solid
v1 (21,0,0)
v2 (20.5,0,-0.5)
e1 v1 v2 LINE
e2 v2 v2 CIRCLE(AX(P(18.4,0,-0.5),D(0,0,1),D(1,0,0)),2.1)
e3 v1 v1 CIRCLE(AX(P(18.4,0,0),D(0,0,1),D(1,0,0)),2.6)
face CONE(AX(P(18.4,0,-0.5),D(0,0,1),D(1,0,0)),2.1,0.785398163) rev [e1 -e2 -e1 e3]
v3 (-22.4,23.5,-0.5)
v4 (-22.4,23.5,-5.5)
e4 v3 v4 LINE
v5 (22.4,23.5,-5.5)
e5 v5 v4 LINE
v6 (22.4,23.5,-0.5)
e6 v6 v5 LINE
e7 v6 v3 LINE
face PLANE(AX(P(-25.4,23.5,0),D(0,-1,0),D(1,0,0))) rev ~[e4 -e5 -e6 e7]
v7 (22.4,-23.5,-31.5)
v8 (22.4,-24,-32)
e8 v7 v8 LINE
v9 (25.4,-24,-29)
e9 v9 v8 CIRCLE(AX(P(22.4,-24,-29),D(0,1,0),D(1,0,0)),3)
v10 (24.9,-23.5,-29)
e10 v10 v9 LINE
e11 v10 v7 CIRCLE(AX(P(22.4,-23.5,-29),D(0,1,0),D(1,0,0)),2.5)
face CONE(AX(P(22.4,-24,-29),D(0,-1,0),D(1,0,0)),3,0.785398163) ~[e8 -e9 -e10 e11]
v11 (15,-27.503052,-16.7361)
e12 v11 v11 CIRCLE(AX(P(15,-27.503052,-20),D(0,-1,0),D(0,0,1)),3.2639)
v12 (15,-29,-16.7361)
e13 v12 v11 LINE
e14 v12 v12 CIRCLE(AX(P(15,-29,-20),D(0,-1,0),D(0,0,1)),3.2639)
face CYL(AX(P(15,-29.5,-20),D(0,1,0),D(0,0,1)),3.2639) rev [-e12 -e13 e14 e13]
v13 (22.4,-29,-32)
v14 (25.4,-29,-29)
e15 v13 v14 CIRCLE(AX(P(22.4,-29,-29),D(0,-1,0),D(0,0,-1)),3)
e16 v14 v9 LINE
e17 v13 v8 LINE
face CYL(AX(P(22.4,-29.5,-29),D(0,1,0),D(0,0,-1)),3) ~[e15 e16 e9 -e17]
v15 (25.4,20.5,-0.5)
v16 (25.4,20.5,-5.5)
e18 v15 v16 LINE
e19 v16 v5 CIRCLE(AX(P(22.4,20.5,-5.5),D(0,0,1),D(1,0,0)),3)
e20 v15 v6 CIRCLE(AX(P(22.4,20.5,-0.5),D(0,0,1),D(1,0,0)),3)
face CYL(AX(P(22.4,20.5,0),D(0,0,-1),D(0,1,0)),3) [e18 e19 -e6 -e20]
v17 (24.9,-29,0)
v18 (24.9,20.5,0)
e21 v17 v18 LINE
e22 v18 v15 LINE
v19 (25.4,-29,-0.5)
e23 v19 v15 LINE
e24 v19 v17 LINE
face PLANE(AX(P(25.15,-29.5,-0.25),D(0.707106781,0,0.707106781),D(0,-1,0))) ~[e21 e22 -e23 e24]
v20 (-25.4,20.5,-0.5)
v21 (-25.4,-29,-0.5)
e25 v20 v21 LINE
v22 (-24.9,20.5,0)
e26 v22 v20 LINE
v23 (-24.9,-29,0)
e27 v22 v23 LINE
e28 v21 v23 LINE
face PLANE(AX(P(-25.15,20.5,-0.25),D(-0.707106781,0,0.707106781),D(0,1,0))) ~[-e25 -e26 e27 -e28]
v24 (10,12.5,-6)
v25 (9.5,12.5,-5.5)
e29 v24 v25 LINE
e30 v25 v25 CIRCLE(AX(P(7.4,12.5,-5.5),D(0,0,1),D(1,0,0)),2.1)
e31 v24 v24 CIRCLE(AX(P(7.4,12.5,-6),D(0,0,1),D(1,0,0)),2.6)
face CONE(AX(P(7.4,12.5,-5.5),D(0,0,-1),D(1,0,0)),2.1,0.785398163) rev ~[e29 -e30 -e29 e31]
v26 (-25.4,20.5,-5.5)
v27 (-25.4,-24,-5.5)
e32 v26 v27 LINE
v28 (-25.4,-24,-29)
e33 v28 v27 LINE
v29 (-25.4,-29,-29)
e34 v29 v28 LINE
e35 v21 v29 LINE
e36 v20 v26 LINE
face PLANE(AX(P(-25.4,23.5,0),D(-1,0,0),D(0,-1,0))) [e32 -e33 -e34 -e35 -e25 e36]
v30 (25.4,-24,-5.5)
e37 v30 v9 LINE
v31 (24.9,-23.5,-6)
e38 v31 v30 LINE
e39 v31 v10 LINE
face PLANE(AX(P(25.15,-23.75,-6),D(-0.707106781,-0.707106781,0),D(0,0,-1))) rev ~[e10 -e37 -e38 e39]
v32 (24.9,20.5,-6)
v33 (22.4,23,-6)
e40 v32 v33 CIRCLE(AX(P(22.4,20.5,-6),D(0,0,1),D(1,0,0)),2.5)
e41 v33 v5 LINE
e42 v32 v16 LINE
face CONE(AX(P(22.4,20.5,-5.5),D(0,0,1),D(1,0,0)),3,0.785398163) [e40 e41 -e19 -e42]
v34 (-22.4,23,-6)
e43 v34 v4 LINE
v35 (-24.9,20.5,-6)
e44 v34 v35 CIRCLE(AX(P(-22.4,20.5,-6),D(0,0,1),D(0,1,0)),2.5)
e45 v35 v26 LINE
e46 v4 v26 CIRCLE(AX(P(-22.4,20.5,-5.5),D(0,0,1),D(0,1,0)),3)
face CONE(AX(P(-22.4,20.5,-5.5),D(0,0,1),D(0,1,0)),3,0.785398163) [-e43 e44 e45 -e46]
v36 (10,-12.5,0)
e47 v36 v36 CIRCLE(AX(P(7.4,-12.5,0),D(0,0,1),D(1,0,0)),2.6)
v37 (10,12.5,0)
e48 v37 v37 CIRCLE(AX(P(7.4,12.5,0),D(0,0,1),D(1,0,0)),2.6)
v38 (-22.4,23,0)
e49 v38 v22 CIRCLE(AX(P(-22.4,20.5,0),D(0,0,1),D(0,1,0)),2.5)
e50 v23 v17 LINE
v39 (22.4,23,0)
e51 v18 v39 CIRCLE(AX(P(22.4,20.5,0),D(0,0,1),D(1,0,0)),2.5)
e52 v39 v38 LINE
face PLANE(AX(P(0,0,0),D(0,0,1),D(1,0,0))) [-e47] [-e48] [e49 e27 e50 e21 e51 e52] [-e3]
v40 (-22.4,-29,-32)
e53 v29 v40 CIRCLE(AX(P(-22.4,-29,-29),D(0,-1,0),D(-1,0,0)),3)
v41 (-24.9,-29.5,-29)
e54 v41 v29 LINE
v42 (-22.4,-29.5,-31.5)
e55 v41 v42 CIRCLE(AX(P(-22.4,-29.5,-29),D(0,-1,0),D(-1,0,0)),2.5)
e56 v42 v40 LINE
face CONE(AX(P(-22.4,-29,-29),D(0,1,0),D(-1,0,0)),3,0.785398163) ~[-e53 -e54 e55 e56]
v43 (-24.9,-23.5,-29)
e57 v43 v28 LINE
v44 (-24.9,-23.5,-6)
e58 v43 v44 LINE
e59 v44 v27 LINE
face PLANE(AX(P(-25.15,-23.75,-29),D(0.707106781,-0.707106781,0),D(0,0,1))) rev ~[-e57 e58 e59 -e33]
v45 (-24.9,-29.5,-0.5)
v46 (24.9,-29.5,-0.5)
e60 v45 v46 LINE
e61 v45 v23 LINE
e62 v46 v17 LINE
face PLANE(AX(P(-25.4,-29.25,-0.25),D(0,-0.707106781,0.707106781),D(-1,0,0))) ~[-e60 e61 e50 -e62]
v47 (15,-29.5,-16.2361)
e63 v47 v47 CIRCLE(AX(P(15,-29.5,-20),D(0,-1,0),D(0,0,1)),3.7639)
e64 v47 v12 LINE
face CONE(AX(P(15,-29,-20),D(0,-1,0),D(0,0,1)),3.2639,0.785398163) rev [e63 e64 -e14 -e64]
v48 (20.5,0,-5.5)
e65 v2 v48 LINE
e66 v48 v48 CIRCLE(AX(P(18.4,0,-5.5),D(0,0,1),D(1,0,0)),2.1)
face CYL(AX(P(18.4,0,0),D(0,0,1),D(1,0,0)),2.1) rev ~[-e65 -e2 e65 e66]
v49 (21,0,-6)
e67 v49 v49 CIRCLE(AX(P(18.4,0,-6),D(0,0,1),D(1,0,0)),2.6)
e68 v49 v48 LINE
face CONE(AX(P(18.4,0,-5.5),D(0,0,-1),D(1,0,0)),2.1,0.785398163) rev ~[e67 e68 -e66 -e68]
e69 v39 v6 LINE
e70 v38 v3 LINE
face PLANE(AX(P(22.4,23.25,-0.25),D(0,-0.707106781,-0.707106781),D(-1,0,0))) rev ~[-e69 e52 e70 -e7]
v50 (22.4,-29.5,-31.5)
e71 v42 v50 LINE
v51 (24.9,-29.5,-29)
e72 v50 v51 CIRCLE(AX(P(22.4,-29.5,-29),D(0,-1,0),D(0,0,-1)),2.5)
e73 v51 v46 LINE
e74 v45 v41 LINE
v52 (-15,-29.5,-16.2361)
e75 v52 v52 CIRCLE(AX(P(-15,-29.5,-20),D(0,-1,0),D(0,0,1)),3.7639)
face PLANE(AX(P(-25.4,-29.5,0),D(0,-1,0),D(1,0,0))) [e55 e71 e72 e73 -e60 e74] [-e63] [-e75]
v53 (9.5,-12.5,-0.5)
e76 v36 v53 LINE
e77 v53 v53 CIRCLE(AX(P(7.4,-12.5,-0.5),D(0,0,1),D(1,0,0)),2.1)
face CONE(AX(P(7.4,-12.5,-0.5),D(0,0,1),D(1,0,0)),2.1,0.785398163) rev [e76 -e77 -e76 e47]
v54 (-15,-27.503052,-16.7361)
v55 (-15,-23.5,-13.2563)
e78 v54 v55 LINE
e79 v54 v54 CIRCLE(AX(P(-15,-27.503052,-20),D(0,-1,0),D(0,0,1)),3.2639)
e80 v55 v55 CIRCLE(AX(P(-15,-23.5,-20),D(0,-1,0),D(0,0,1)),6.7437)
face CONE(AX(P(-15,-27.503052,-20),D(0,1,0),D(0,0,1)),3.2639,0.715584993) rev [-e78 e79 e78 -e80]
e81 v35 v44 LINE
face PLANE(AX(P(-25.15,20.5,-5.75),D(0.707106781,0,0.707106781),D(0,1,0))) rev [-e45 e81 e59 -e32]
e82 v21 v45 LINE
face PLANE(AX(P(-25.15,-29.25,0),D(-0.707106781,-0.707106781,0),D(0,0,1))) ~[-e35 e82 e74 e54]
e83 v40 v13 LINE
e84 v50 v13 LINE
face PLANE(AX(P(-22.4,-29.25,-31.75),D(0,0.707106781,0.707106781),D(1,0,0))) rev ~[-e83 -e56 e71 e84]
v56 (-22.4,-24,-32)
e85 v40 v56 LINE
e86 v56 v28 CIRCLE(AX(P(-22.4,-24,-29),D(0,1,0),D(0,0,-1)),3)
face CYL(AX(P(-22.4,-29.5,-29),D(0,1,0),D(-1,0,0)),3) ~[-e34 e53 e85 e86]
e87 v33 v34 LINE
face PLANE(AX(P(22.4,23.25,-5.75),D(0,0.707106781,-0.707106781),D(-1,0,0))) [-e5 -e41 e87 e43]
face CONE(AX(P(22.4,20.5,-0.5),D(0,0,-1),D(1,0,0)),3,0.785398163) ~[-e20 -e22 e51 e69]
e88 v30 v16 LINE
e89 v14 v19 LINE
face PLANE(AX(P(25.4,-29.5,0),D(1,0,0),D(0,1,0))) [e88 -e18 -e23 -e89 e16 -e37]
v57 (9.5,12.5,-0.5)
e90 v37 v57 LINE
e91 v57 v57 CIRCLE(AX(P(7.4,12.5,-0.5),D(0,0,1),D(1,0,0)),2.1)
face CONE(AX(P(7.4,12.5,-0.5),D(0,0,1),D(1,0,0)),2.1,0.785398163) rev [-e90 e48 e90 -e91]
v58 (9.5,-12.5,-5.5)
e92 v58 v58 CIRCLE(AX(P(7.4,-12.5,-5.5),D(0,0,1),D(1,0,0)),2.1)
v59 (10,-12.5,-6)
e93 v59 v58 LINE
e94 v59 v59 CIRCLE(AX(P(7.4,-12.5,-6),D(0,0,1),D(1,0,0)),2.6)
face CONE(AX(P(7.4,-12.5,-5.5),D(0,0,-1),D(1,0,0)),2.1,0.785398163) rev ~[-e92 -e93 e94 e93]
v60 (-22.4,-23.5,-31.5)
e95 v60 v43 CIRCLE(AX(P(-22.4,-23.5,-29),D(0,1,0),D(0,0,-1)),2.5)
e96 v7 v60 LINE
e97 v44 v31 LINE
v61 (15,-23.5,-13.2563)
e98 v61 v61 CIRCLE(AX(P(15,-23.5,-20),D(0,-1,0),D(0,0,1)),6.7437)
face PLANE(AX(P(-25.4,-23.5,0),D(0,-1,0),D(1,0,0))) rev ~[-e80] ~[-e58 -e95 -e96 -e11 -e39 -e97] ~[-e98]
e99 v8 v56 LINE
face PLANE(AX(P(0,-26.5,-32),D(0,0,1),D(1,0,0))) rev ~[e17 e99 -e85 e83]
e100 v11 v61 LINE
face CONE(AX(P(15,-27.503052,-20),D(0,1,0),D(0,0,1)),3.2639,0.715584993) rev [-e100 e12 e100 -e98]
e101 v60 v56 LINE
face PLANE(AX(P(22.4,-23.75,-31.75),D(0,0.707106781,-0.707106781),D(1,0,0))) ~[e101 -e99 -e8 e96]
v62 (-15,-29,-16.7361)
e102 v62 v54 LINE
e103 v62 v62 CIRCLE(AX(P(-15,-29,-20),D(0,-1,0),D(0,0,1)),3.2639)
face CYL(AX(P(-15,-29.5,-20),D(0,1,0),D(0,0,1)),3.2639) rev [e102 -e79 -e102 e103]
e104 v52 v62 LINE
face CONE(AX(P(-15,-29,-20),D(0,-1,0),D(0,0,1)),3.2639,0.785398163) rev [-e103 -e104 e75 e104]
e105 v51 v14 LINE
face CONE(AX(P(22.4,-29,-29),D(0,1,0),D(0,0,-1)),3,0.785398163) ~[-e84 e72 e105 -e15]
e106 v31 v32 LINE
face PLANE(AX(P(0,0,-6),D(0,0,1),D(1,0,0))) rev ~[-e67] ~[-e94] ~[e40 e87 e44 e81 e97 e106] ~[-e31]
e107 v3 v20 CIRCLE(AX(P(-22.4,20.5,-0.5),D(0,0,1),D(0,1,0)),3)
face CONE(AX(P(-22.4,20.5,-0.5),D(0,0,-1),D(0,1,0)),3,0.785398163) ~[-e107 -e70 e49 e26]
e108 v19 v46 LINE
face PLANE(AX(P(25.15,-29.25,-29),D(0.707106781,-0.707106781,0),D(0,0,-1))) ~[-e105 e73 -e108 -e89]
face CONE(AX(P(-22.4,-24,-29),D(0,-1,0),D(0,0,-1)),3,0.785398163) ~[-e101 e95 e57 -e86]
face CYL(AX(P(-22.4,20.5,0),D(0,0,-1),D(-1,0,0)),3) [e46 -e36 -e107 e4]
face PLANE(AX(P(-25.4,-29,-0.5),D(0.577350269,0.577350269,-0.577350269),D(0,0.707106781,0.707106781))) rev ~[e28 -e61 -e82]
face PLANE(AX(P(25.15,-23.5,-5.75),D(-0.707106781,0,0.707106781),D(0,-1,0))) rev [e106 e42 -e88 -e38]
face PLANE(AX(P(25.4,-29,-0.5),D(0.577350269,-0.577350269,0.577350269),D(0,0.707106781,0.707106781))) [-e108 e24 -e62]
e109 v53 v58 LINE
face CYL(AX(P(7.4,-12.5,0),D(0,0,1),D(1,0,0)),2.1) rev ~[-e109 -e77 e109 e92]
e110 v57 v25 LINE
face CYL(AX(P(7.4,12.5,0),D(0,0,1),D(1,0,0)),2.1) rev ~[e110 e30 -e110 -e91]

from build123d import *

# Parameters (mm, degrees)
SKETCH1_W                                    = 50.8
SKETCH1_H                                    = 53
SKETCH1_R                                    = 2.1
BOSS_EXTRUDE1_DEPTH                          = 6
SKETCH1_5_W                                  = 50.8
SKETCH1_5_H                                  = 6
BOSS_EXTRUDE2_DEPTH                          = 32
CSK_FOR_1_4_FLAT_HEAD_SOCKET_CAP_SCR_2_COUNT = 2
CSK_FOR_1_4_FLAT_HEAD_SOCKET_CAP_SCR_2_PITCH = 30
FILLET1_R                                    = 3
CHAMFER1_SIZE                                = 0.5


with BuildPart() as part:
    # Sketch1 → Boss-Extrude1 (new body)
    with BuildSketch(Plane.XY):
        with Locations((0, -3)):
            Rectangle(SKETCH1_W, SKETCH1_H)
        with Locations((7.4, -12.5)):
            Circle(SKETCH1_R, mode=Mode.SUBTRACT)
        with Locations((18.4, 0)):
            Circle(SKETCH1_R, mode=Mode.SUBTRACT)
        with Locations((7.4, 12.5)):
            Circle(SKETCH1_R, mode=Mode.SUBTRACT)
    extrude(amount=-BOSS_EXTRUDE1_DEPTH)

    # Sketch1_5 → Boss-Extrude2 (add)
    with BuildSketch(Plane.XY):
        with Locations((0, -26.5)):
            Rectangle(SKETCH1_5_W, SKETCH1_5_H)
    extrude(amount=-BOSS_EXTRUDE2_DEPTH)

    # Sketch4 → CSK for 1_4 Flat Head Socket Cap Screw1 (revolve, cut)
    with BuildSketch(Plane(origin=(-15, -23.5, -20), x_dir=(0, 0, 1), z_dir=(1, 0, 0))):
        Polygon((0, 0), (0, 6), (3.2639, 6), (3.2639, 4.003051983), (6.7437, 0), align=None)
    csk_for_1_4_flat_head_socket_cap_screw1 = revolve(axis=Axis((-15, -17.15, -20), (0, -1, 0)), mode=Mode.SUBTRACT)

    # CSK for 1_4 Flat Head Socket Cap Scr 2: CSK for 1_4 Flat Head Socket Cap Screw1 ×2
    with Locations(*[(i * CSK_FOR_1_4_FLAT_HEAD_SOCKET_CAP_SCR_2_PITCH, 0, 0) for i in range(1, CSK_FOR_1_4_FLAT_HEAD_SOCKET_CAP_SCR_2_COUNT)]):
        add(csk_for_1_4_flat_head_socket_cap_screw1, mode=Mode.SUBTRACT)

    # Fillet1
    fillet1_edges = [part.edges().sort_by_distance(p)[0] for p in [
        (25.4, 23.5, -3),
        (-25.4, 23.5, -3),
        (25.4, -26.5, -32),
        (-25.4, -26.5, -32),
    ]]
    fillet(fillet1_edges, radius=FILLET1_R)

    # Chamfer1
    chamfer1_edges = [part.edges().sort_by_distance(p)[0] for p in [
        (-24.521320344, 22.621320344, 0),
        (-25.4, -4.5, 0),
        (25.4, -4.5, 0),
        (24.521320344, 22.621320344, 0),
        (0, 23.5, 0),
        (16.3, 0, 0),
        (5.3, -12.5, 0),
        (5.3, 12.5, 0),
        (-25.4, -1.5, -6),
        (-24.521320344, 22.621320344, -6),
        (0, 23.5, -6),
        (24.521320344, 22.621320344, -6),
        (25.4, -1.5, -6),
        (16.3, 0, -6),
        (5.3, -12.5, -6),
        (5.3, 12.5, -6),
        (0, -29.5, 0),
        (-25.4, -23.5, -17.5),
        (25.4, -23.5, -17.5),
        (0, -23.5, -32),
        (-24.521320344, -23.5, -31.121320344),
        (24.521320344, -23.5, -31.121320344),
        (-25.4, -29.5, -14.5),
        (-24.521320344, -29.5, -31.121320344),
        (0, -29.5, -32),
        (24.521320344, -29.5, -31.121320344),
        (25.4, -29.5, -14.5),
        (-15, -29.5, -23.2639),
        (15, -29.5, -23.2639),
    ]]
    chamfer(chamfer1_edges, length=CHAMFER1_SIZE)


solid = part.part
